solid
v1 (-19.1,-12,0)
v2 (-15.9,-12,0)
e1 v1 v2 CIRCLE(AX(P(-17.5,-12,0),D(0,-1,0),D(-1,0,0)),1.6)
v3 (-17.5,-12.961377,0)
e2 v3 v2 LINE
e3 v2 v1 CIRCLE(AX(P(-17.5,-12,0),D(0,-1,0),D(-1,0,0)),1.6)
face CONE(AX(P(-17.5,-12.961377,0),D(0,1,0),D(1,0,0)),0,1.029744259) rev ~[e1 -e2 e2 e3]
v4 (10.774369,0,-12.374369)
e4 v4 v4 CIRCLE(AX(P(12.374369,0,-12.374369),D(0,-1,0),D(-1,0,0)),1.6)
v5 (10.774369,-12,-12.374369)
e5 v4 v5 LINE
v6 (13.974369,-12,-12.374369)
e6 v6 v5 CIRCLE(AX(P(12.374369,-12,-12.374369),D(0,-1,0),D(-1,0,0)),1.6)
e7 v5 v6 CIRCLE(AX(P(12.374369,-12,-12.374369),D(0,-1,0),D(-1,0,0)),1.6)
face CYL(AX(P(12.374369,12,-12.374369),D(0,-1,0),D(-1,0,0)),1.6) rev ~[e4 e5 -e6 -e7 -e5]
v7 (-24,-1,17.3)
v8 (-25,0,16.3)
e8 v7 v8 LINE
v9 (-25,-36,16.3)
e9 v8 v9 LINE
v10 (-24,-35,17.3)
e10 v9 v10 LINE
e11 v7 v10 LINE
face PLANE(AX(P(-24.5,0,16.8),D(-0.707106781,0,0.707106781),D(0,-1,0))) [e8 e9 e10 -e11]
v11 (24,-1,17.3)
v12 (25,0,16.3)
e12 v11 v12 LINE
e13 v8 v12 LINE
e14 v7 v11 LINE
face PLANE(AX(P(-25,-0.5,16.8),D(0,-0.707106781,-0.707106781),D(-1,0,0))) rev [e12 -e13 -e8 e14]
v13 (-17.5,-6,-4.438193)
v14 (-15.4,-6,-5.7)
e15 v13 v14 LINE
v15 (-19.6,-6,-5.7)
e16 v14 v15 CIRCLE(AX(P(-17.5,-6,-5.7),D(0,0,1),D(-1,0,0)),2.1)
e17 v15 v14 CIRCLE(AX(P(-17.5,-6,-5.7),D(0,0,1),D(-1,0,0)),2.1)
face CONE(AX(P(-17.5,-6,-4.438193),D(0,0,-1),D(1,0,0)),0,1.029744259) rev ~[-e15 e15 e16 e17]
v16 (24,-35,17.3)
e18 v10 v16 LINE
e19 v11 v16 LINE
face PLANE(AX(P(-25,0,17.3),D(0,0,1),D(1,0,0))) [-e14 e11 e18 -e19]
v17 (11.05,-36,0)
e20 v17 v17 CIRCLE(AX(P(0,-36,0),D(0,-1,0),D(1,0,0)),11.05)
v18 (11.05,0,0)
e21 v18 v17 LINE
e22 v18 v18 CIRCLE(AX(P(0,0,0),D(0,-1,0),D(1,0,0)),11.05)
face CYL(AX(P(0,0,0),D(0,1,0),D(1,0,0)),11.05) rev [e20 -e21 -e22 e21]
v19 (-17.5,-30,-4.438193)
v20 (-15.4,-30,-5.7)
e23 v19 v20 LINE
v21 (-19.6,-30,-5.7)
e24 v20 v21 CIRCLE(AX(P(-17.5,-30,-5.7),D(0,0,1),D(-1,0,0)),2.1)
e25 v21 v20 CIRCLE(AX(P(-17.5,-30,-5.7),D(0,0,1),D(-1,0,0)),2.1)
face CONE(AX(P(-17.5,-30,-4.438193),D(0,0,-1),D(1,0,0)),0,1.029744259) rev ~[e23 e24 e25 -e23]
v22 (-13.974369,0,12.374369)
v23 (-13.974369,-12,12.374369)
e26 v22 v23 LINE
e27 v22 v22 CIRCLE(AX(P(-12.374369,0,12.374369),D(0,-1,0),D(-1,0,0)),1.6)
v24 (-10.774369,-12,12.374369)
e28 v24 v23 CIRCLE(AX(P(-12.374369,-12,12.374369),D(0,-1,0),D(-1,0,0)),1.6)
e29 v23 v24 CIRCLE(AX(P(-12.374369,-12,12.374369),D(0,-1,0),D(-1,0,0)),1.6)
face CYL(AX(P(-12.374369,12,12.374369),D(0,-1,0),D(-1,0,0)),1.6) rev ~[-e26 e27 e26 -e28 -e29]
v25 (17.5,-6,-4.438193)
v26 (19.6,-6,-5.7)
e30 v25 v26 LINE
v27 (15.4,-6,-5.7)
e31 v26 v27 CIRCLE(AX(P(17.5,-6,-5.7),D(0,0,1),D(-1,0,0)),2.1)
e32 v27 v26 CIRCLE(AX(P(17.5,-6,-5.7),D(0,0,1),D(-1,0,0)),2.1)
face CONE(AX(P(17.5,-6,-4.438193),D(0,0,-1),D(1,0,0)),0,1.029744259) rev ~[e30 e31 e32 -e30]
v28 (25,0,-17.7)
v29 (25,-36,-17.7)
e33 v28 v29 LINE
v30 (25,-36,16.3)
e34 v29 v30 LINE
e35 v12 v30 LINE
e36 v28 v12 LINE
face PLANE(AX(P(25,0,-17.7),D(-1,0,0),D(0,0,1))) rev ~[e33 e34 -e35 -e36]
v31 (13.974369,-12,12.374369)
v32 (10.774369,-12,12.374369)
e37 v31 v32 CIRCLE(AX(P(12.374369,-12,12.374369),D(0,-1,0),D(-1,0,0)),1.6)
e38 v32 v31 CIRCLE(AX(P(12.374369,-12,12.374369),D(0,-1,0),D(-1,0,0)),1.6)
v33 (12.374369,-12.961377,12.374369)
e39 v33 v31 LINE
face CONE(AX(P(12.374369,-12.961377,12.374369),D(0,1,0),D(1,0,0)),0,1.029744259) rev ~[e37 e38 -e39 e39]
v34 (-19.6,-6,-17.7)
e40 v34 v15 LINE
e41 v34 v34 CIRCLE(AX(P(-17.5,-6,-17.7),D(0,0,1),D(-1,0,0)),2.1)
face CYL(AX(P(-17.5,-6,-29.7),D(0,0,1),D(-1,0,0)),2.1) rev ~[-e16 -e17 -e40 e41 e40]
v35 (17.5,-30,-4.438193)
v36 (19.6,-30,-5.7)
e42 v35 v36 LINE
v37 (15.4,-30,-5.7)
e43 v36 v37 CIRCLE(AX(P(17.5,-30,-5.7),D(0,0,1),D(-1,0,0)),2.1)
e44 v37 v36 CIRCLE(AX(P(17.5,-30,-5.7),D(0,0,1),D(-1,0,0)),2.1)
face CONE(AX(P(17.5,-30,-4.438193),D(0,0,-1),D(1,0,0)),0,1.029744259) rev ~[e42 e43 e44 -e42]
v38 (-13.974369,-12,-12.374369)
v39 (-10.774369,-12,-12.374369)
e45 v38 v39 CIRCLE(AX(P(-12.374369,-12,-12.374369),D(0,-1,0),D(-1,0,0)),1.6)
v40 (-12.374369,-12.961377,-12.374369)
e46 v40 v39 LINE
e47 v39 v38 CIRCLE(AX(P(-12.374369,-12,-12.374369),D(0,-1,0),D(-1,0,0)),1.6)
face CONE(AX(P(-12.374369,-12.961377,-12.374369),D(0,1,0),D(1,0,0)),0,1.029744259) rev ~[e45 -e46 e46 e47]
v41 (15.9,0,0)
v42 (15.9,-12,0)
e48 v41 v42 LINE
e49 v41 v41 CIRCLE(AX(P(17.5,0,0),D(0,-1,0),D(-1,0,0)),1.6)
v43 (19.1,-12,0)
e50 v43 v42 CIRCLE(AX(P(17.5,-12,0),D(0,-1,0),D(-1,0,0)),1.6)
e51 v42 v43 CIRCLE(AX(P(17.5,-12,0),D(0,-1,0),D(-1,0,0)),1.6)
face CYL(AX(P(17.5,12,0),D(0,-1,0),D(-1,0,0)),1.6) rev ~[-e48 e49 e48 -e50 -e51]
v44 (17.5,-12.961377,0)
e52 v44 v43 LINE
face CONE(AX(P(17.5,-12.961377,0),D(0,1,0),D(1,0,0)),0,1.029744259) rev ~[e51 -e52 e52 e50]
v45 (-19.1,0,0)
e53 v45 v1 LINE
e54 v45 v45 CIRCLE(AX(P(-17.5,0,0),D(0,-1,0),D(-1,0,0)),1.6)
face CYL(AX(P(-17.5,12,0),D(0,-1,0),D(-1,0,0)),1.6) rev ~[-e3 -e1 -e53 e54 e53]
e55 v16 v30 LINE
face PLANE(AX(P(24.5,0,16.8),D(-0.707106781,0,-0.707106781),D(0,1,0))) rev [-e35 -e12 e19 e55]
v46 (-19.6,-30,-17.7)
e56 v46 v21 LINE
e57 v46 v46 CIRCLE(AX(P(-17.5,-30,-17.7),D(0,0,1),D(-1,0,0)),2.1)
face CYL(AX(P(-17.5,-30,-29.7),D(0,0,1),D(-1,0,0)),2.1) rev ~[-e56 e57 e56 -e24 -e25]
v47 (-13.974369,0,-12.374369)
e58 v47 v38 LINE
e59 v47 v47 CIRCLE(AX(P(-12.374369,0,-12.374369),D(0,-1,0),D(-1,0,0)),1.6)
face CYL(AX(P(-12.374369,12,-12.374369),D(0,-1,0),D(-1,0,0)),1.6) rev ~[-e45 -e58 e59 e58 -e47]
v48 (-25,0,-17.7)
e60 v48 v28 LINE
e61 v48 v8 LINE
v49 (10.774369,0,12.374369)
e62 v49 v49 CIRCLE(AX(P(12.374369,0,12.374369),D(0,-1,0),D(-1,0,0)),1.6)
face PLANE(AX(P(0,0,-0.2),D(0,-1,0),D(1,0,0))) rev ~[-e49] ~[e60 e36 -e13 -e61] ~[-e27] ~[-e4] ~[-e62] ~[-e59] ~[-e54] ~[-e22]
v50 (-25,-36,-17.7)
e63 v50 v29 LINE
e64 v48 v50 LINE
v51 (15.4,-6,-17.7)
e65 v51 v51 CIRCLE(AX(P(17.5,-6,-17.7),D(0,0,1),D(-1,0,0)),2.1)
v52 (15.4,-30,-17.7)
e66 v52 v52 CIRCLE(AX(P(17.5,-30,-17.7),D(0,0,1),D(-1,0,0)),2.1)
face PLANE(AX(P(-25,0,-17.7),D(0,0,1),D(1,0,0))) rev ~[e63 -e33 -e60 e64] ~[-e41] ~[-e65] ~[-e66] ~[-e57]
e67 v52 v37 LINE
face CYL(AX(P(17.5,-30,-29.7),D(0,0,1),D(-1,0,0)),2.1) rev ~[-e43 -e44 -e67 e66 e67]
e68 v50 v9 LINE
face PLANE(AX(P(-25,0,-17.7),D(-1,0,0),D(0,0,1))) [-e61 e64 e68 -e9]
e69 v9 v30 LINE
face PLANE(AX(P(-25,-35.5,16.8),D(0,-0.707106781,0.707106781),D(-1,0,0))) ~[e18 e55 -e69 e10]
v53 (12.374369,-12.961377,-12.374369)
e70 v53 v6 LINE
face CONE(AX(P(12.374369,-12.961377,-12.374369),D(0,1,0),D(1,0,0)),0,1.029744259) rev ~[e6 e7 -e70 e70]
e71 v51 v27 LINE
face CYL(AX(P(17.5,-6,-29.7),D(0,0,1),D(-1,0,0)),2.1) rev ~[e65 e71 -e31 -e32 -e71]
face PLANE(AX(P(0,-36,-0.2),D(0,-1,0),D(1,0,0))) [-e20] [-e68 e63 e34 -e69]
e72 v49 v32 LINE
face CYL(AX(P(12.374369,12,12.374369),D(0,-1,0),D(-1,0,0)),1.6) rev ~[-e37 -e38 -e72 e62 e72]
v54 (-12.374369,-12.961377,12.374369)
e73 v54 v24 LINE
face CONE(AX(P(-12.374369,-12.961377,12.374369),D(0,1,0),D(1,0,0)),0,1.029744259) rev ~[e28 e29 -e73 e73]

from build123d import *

# Parameters (mm, degrees)
F0_W     = 50
F0_H     = 35
F0_R     = 11.05
F1_DEPTH = 36
F2_D     = 3.2
F2_DEPTH = 12
F2_TIP   = 0.9613769904
F3_SIZE  = 1
F5_D     = 4.2
F5_DEPTH = 12
F5_TIP   = 1.2618073


with BuildPart() as f1:
    # F0 (on Front) → F1 (new body)
    with BuildSketch(Plane.XZ):
        with Locations((0, -0.2)):
            Rectangle(F0_W, F0_H)
        Circle(F0_R, mode=Mode.SUBTRACT)
    extrude(amount=F1_DEPTH)

    # F2
    with Locations(Plane(origin=(0, 0, 0), x_dir=(1, 0, 0), z_dir=(0, 1, 0))):
        with Locations((-12.3743686708, -12.3743686708), (-17.5, 0), (-12.3743686708, 12.3743686708), (12.3743686708, 12.3743686708), (17.5, 0), (12.3743686708, -12.3743686708)):
            Hole(F2_D / 2, depth=F2_DEPTH)
            with Locations((0, 0, -(F2_DEPTH + F2_TIP / 2))):  # 118° drill point
                Cone(0, F2_D / 2, F2_TIP, mode=Mode.SUBTRACT)

    # F3
    f3_edges = [f1.edges().sort_by_distance(p)[0] for p in [
        (25, -18, 17.3),
        (0, 0, 17.3),
        (-25, -18, 17.3),
        (0, -36, 17.3),
    ]]
    chamfer(f3_edges, length=F3_SIZE)

    # F5
    with Locations(Plane(origin=(0, 0, -17.7), x_dir=(1, 0, 0), z_dir=(0, 0, -1))):
        with Locations((17.5, 6), (17.5, 30), (-17.5, 30), (-17.5, 6)):
            Hole(F5_D / 2, depth=F5_DEPTH)
            with Locations((0, 0, -(F5_DEPTH + F5_TIP / 2))):  # 118° drill point
                Cone(0, F5_D / 2, F5_TIP, mode=Mode.SUBTRACT)


solid = f1.part
